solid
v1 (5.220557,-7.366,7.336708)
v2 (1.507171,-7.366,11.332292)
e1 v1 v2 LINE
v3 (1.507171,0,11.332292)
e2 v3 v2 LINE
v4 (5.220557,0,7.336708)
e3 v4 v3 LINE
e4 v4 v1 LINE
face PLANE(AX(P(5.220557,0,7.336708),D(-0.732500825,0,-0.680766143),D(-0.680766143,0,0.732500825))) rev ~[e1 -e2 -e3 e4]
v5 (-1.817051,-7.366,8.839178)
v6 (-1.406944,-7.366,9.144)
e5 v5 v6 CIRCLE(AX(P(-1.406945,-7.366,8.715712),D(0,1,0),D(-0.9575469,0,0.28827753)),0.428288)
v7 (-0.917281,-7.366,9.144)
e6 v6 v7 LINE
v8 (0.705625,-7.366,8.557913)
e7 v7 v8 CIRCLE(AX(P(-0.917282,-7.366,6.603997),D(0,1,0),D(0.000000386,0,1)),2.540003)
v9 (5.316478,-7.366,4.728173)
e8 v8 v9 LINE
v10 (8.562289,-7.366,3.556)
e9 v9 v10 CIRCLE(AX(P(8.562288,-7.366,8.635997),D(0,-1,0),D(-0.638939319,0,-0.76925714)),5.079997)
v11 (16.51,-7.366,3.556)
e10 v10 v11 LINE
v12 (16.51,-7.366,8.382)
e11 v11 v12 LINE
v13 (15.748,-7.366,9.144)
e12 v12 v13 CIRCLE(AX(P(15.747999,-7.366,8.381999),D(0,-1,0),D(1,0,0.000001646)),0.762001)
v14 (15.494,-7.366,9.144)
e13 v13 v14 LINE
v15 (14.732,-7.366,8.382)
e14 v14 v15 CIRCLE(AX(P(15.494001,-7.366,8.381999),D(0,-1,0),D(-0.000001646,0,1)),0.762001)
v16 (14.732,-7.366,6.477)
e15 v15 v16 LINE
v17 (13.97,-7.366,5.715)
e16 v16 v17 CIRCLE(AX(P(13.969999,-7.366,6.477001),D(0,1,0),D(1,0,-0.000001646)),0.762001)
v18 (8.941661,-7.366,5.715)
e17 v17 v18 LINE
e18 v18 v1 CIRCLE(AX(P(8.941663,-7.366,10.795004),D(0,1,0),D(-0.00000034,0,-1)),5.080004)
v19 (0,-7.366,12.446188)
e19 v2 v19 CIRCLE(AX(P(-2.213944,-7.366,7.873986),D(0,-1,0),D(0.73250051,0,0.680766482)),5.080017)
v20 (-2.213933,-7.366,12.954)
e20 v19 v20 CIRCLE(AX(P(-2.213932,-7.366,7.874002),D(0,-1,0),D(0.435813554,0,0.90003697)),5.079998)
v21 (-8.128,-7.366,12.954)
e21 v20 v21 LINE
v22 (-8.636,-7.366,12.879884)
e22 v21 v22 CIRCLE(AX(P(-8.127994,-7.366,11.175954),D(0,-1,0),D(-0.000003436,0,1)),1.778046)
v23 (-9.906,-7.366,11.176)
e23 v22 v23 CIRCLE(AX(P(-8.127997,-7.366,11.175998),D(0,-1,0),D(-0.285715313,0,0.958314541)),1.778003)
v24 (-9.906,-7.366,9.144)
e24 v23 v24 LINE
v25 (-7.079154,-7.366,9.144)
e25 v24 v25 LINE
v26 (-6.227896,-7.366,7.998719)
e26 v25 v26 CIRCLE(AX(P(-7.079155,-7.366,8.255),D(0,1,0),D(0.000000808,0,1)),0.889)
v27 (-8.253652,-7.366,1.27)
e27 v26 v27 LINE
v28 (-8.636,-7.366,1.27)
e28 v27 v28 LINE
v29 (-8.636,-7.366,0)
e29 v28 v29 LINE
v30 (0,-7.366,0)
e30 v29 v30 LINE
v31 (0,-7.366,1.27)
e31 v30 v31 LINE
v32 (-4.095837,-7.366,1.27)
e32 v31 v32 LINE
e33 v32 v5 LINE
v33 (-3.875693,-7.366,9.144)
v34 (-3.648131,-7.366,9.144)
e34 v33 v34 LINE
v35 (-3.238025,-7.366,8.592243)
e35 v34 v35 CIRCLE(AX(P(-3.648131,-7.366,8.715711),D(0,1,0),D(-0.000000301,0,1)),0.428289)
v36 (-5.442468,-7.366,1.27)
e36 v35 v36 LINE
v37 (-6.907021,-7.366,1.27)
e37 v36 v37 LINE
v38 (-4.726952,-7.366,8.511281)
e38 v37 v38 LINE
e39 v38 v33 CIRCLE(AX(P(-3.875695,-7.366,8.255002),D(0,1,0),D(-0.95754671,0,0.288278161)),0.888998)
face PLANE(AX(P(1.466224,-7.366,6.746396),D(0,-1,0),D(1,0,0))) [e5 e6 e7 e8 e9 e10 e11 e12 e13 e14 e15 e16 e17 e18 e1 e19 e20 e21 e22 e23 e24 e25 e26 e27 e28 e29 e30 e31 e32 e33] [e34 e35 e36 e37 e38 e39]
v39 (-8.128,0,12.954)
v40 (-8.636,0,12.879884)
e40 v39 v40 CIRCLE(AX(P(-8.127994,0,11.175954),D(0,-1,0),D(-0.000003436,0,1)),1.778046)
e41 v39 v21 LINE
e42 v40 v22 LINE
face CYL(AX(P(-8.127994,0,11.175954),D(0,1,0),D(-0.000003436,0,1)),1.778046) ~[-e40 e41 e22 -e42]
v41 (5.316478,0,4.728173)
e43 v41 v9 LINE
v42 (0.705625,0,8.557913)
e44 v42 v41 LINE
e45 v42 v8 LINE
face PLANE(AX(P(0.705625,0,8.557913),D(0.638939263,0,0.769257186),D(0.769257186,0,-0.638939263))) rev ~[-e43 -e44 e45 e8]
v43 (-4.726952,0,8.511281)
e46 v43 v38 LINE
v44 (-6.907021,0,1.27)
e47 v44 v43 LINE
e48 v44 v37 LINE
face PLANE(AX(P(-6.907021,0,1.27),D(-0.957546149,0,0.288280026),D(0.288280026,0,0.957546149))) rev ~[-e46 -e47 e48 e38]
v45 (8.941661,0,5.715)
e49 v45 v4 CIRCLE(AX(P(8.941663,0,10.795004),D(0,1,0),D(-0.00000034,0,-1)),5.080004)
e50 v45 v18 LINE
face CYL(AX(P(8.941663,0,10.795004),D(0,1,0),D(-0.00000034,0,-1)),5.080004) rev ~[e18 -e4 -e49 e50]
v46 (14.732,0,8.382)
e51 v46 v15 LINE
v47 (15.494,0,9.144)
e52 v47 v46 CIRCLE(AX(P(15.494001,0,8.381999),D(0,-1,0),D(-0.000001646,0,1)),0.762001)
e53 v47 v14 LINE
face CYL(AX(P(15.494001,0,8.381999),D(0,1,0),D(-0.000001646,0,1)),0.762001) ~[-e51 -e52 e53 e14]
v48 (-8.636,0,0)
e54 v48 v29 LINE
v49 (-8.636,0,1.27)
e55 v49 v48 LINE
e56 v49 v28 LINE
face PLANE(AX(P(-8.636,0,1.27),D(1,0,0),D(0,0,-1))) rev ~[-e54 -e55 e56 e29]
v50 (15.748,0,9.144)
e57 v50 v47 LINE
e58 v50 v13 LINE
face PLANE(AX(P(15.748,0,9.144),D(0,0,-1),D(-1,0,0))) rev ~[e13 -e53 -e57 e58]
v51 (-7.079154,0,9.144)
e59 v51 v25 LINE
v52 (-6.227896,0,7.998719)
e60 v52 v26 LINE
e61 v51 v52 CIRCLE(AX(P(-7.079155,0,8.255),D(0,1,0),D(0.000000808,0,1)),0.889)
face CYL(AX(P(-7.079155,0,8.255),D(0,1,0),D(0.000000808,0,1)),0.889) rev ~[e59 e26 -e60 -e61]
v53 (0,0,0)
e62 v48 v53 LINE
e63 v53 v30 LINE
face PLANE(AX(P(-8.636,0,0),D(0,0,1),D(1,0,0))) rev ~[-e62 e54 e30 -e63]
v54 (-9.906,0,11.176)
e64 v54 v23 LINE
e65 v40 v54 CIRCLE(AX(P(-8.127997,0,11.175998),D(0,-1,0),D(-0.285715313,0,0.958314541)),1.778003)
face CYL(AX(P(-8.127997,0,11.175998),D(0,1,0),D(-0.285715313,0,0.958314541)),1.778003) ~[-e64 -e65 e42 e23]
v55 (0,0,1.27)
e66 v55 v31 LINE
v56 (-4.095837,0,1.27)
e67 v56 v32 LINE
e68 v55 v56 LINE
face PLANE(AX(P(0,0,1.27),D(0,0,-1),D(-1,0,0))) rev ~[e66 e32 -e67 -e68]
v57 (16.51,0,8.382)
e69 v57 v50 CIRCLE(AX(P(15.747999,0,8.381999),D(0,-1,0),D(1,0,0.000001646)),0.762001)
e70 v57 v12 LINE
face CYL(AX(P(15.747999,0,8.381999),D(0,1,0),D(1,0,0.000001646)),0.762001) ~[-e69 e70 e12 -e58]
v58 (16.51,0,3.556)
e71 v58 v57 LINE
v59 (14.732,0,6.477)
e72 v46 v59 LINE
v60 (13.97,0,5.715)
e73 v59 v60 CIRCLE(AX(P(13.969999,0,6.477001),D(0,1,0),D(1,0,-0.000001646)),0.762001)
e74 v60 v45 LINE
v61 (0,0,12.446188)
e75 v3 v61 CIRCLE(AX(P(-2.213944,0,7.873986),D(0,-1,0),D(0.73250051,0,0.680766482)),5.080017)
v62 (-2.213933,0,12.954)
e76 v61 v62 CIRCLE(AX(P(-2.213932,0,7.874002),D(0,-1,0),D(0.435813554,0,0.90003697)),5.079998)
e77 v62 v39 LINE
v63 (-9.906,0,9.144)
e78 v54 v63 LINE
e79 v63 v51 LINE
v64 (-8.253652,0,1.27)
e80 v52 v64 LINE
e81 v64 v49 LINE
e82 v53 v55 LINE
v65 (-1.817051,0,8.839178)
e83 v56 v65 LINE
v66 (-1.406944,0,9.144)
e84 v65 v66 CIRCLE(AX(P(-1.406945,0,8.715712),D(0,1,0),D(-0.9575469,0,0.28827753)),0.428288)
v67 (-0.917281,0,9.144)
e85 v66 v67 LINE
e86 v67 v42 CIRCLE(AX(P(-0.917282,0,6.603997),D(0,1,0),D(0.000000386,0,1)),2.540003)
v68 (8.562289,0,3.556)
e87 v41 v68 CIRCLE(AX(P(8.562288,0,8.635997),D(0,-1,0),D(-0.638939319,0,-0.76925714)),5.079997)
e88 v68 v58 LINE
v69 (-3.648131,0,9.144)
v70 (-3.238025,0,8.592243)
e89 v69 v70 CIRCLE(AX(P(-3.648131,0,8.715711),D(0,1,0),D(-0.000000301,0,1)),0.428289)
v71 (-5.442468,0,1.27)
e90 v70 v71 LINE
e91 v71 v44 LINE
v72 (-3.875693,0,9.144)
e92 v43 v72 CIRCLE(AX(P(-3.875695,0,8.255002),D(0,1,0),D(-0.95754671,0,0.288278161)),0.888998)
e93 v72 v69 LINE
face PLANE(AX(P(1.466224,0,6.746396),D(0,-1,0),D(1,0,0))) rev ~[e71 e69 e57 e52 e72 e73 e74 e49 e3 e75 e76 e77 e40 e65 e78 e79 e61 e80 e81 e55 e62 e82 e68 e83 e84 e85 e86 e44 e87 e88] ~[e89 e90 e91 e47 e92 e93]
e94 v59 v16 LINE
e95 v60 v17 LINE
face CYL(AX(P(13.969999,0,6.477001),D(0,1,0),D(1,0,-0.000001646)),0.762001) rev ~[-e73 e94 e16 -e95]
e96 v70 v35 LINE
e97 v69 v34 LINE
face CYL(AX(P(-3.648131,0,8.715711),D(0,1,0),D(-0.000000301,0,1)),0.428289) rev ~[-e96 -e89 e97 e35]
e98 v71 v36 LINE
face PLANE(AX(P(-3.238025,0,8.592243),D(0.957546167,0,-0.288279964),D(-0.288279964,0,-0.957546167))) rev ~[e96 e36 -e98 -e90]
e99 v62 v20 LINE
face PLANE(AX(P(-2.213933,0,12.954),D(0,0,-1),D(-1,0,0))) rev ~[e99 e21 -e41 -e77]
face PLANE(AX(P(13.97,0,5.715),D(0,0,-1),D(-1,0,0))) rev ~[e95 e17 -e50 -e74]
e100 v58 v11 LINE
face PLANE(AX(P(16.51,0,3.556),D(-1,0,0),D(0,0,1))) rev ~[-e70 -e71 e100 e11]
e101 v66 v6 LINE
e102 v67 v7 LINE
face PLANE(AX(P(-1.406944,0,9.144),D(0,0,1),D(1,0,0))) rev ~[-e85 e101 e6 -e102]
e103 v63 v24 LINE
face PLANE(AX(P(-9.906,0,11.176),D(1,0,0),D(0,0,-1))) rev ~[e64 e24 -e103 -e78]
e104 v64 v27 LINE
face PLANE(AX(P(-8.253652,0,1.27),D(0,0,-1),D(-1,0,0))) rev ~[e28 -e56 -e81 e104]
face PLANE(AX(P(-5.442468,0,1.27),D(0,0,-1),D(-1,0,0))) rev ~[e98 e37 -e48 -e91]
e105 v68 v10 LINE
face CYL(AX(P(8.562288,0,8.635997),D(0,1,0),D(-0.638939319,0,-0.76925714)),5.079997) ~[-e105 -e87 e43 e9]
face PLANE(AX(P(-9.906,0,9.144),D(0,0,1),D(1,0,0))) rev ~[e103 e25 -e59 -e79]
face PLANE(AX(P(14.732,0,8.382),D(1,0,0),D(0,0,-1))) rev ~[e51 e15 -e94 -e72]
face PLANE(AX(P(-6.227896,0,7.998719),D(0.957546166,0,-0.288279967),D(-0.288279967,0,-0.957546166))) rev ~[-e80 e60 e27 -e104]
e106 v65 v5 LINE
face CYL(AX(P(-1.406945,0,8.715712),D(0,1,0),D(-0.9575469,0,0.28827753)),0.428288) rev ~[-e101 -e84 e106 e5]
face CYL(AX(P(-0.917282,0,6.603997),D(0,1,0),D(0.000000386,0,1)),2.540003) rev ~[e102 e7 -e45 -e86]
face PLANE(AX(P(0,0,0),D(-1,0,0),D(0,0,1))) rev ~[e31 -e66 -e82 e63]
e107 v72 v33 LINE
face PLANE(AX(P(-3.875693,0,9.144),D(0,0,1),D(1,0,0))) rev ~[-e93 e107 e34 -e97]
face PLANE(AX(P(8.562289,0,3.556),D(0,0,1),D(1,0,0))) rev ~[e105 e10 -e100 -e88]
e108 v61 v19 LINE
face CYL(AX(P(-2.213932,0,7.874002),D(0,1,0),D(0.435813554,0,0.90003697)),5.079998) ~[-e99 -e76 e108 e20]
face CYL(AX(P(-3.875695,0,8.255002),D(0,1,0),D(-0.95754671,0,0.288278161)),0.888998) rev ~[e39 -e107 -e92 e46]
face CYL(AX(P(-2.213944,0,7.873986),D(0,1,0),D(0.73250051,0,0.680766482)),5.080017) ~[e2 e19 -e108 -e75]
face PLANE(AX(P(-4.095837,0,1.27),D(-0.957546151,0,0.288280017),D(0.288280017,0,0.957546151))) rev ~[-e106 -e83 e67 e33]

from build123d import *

# Parameters (mm, degrees)
F1_DEPTH = 7.366


with BuildPart() as f1:
    # F0 (on Front) → F1 (new body)
    with BuildSketch(Plane.XZ):
        with BuildLine():
            Line((-2.213933, 12.954), (-8.128, 12.954))
            ThreePointArc((-8.128, 12.954), (-8.384689, 12.935373), (-8.636, 12.879884))
            Line((-8.636, 12.879884), (-8.636, 9.144))
            Line((-8.636, 9.144), (-7.079154, 9.144))
            ThreePointArc((-7.079154, 9.144), (-6.365658, 8.785324), (-6.227896, 7.998719))
            Line((-6.227896, 7.998719), (-8.253652, 1.27))
            Line((-8.253652, 1.27), (-6.907021, 1.27))
            Line((-6.907021, 1.27), (-4.726952, 8.511281))
            ThreePointArc((-4.726952, 8.511281), (-4.406018, 8.968497), (-3.875693, 9.144))
            Line((-3.875693, 9.144), (-3.648131, 9.144))
            ThreePointArc((-3.648131, 9.144), (-3.304393, 8.971202), (-3.238025, 8.592243))
            Line((-3.238025, 8.592243), (-5.442468, 1.27))
            Line((-5.442468, 1.27), (-4.095837, 1.27))
            Line((-4.095837, 1.27), (-1.817051, 8.839178))
            ThreePointArc((-1.817051, 8.839178), (-1.662436, 9.059449), (-1.406944, 9.144))
            Line((-1.406944, 9.144), (-0.917281, 9.144))
            ThreePointArc((-0.917281, 9.144), (-0.054535, 8.992989), (0.705625, 8.557913))
            Line((0.705625, 8.557913), (5.316478, 4.728173))
            ThreePointArc((5.316478, 4.728173), (6.836798, 3.858021), (8.562289, 3.556))
            Line((8.562289, 3.556), (10.439335, 3.556))
            Line((10.439335, 3.556), (16.51, 3.556))
            Line((16.51, 3.556), (16.51, 8.382))
            ThreePointArc((16.51, 8.382), (16.286815, 8.920815), (15.748, 9.144))
            Line((15.748, 9.144), (15.494, 9.144))
            ThreePointArc((15.494, 9.144), (14.955185, 8.920815), (14.732, 8.382))
            Line((14.732, 8.382), (14.732, 6.477))
            ThreePointArc((14.732, 6.477), (14.508815, 5.938185), (13.97, 5.715))
            Line((13.97, 5.715), (10.439335, 5.715))
            Line((10.439335, 5.715), (8.941661, 5.715))
            ThreePointArc((8.941661, 5.715), (6.912095, 6.138042), (5.220557, 7.336708))
            Line((5.220557, 7.336708), (1.507171, 11.332292))
            ThreePointArc((1.507171, 11.332292), (0.805397, 11.959345), (0, 12.446188))
            ThreePointArc((0, 12.446188), (-1.078221, 12.82542), (-2.213933, 12.954))
        make_face()
        with BuildLine():
            Line((-8.636, 9.144), (-8.636, 12.879884))
            ThreePointArc((-8.636, 12.879884), (-9.553571, 12.238558), (-9.906, 11.176))
            Line((-9.906, 11.176), (-9.906, 9.144))
            Line((-9.906, 9.144), (-8.636, 9.144))
        make_face()
        Polygon((-6.907021, 1.27), (-8.253652, 1.27), (-8.636, 1.27), (-8.636, 0), (0, 0), (0, 1.27), (-4.095837, 1.27), (-5.442468, 1.27), align=None)
    extrude(amount=F1_DEPTH)


solid = f1.part
